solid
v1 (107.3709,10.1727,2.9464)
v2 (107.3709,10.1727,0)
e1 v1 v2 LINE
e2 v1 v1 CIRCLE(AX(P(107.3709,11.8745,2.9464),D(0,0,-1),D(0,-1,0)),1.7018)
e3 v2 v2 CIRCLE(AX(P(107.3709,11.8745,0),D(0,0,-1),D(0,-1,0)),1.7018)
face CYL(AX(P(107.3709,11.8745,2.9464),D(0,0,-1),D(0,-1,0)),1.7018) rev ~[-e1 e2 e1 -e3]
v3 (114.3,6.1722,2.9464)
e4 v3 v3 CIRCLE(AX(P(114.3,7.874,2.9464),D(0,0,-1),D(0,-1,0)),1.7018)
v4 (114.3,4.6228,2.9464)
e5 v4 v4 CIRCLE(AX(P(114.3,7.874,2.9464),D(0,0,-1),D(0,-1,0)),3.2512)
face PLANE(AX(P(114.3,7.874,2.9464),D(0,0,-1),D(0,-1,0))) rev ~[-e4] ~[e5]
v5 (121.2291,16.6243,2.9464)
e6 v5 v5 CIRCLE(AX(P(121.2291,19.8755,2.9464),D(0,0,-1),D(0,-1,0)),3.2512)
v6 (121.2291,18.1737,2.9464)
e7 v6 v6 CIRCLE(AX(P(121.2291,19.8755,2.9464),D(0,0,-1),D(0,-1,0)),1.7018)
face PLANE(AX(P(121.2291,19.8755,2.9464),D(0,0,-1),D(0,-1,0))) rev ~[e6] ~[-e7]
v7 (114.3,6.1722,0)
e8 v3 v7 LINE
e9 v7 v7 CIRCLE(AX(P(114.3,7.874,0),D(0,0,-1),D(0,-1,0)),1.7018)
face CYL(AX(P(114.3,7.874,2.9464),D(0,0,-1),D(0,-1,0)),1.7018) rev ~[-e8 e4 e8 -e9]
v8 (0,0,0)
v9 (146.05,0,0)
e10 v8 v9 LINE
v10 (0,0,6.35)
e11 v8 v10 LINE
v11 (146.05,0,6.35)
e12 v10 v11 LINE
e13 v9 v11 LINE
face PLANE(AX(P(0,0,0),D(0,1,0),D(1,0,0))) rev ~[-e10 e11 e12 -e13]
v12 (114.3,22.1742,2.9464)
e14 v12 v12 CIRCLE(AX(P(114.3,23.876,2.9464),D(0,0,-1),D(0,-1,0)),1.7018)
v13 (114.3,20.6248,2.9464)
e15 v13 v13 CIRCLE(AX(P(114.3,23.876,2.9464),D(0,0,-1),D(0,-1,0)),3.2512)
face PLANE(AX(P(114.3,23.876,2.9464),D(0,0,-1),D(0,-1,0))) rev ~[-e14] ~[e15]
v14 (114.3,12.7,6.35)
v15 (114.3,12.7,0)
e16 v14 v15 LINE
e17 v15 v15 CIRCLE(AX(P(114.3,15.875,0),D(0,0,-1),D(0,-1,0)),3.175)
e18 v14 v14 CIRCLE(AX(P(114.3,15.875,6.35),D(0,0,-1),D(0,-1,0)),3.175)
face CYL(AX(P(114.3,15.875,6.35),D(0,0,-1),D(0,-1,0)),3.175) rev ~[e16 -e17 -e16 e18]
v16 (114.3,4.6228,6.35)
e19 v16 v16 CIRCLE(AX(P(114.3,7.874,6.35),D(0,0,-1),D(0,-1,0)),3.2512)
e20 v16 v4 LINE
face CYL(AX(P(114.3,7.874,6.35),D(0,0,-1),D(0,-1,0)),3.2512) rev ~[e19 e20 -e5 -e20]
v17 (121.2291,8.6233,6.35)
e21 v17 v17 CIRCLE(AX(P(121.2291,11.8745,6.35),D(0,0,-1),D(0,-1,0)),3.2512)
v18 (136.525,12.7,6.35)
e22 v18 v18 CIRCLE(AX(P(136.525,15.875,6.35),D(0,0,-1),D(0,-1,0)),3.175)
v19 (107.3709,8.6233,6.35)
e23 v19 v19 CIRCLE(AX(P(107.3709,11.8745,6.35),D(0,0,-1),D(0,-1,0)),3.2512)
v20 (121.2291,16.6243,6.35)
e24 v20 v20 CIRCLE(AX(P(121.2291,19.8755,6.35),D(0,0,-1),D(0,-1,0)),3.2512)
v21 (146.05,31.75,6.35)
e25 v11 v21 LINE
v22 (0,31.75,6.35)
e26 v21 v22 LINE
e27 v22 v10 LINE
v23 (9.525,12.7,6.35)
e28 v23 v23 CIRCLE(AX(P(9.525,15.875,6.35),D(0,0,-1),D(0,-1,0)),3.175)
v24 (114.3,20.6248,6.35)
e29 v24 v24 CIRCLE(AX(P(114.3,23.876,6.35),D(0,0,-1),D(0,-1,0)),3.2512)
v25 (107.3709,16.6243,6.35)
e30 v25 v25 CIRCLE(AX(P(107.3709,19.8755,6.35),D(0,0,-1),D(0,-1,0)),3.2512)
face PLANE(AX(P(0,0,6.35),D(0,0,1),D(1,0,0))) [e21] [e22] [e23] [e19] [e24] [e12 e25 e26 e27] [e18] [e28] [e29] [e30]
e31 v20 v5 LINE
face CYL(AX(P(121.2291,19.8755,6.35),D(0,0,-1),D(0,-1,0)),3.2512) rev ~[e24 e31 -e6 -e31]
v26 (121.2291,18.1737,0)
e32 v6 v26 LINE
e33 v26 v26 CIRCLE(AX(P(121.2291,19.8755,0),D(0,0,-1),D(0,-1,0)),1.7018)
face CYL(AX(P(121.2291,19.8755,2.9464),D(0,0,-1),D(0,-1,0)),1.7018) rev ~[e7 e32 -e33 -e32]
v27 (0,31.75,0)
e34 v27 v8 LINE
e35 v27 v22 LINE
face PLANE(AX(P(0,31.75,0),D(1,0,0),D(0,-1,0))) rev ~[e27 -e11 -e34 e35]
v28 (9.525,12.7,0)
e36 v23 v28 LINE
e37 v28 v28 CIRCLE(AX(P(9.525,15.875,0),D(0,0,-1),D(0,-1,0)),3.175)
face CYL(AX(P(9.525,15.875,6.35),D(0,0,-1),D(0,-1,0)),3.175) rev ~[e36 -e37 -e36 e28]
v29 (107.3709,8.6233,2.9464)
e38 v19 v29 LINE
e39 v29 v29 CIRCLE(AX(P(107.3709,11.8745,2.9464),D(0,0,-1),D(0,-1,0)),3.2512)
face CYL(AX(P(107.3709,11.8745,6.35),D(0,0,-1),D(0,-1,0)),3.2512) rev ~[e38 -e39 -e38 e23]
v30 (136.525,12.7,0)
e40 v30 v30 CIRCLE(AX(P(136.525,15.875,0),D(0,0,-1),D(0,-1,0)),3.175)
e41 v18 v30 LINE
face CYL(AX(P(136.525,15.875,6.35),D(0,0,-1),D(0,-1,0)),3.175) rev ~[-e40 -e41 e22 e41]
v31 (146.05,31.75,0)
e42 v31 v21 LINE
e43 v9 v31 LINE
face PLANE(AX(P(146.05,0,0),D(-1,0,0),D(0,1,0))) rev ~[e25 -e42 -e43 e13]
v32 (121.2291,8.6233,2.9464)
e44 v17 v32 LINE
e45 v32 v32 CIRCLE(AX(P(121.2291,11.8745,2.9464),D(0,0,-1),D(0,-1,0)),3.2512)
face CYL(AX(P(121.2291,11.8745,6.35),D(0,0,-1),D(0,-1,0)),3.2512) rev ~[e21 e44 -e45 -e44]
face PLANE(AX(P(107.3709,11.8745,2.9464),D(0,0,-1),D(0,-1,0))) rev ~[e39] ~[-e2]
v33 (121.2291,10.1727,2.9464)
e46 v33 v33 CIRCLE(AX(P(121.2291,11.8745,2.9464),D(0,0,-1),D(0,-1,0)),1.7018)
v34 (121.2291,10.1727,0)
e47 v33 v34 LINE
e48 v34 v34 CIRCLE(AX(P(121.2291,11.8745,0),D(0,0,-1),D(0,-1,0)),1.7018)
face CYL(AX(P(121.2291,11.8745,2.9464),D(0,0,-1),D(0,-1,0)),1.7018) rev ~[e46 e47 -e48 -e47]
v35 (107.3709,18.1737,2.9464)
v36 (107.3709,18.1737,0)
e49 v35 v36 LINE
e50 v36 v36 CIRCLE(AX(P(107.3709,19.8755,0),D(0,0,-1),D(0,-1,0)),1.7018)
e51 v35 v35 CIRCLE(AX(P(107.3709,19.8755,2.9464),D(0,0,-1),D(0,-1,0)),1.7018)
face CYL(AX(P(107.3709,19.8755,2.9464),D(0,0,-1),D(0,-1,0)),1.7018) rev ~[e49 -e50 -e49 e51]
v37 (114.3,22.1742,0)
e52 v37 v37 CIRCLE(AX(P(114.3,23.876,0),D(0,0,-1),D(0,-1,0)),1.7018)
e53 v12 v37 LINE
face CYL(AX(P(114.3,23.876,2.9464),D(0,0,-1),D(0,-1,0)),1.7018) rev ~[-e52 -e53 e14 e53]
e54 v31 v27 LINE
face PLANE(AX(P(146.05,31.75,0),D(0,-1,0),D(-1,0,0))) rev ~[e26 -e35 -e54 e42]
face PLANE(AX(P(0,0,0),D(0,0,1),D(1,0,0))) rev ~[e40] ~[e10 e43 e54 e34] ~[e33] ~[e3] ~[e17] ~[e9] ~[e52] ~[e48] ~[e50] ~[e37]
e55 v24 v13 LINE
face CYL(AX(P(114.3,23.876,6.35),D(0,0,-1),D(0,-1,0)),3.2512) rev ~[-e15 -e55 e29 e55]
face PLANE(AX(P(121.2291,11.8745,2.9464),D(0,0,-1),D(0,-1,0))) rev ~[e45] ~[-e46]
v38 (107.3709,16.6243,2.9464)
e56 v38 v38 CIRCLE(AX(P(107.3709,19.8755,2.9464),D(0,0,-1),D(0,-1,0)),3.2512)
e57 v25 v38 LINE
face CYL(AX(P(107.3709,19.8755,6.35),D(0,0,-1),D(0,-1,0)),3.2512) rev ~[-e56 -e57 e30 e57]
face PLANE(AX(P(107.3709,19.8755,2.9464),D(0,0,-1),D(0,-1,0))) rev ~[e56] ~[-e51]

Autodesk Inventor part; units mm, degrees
ref_plane "YZ Plane" through (0, 0, 0) normal (1, 0, 0) x (0, 1, 0)
ref_plane "XZ Plane" through (0, 0, 0) normal (0, 1, 0) x (-1, 0, 0)
ref_plane "XY Plane" through (0, 0, 0) normal (0, 0, 1) x (1, 0, 0)
sketch "Sketch1" plane through (0, 0, 0) normal (0, 0, 1) x (1, 0, 0)
  line L0 (0, 0) -> (146.05, 0)
  line L1 (146.05, 0) -> (146.05, 31.75)
  line L2 (146.05, 31.75) -> (0, 31.75)
  line L3 (0, 31.75) -> (0, 0)
  dimension "d0" = 146.05
  dimension "d1" = 31.75
extrude "Extrusion1" add sketch "Sketch1" along normal blind 6.35
sketch "Sketch2" plane through (0, 0, 6.35) normal (0, 0, 1) x (1, 0, 0)
  line L0 (146.05, 0) -> (146.05, 31.75) projected
  line L1 (146.05, 12.7901) -> (163.1696, 12.7901) construction
  line L2 (0, 0) -> (146.05, 0) projected
  line L3 (114.3, 0) -> (114.3, 15.875)
  line L4 (114.3, 0) -> (130.175, 0) construction
  circle A0 centre (114.3, 15.875) radius 8.001
  point P0 (114.3, 7.874)
  point P1 (121.2291, 11.8745)
  point P2 (121.2291, 19.8755)
  point P3 (114.3, 23.876)
  point P4 (107.3709, 19.8755)
  point P5 (107.3709, 11.8745)
  dimension "d9" = 16.002
  dimension "d7" = 90
  dimension "d17" = 31.75
  dimension "d48" = 360
  dimension "d79" = 31.75
  dimension "d80" = 15.875
  dimension "d81" = 15.875
hole "Hole2" at (114.3, 7.874, 6.35) at (121.2291, 11.8745, 6.35) at (121.2291, 19.8755, 6.35) at (114.3, 23.876, 6.35) at (107.3709, 19.8755, 6.35) at (107.3709, 11.8745, 6.35) direction (0, 0, -1) diameter 3.4036 end through all counterbore diameter 6.5024 counterbore depth 3.4036 clearance for "Socket Head Cap Screw ISO 4762" size "M3" standard "ISO"
hole "Hole3" at (114.3, 15.875, 6.35) direction (0, 0, -1) diameter 6.35 end through all
sketch "Sketch5" plane through (0, 0, 6.35) normal (0, 0, 1) x (1, 0, 0)
  line L0 (0, 31.75) -> (0, 0) projected
  line L1 (146.05, 31.75) -> (0, 31.75) projected
  circle A0 centre (114.3, 15.875) radius 3.175 projected
  circle A1 centre (107.3709, 19.8755) radius 3.2512 projected
  circle A2 centre (121.2291, 19.8755) radius 3.2512 projected
  circle A3 centre (114.3, 7.874) radius 3.2512 projected
  circle A4 centre (121.2291, 11.8745) radius 3.2512 projected
  circle A5 centre (114.3, 23.876) radius 3.2512 projected
  circle A6 centre (107.3709, 11.8745) radius 3.2512 projected
  line L2 (0, 0) -> (146.05, 0) projected
  line L3 (146.05, 0) -> (146.05, 31.75) projected
  line L4 (146.05, 31.75) -> (0, 31.75) projected
  line L5 (0, 31.75) -> (0, 0) projected
  point P0 (9.525, 15.875)
  point P1 (136.525, 15.875)
  dimension "d64" = 31.75
  dimension "d65" = 15.875
  dimension "d68" = 15.875
  dimension "d69" = 9.525
  dimension "d71" = 9.525
hole "Hole4" at (9.525, 15.875, 6.35) at (136.525, 15.875, 6.35) direction (0, 0, -1) diameter 6.35 end through all
equation "\"d80\" = 0.5 * d79"
equation "\"d81\" = d80"
equation "\"d65\" = 0.5 * d64"
equation "\"d68\" = d65"
equation "\"d69\" = d71"
properties part number "core hex motor to 30x30 mount"
